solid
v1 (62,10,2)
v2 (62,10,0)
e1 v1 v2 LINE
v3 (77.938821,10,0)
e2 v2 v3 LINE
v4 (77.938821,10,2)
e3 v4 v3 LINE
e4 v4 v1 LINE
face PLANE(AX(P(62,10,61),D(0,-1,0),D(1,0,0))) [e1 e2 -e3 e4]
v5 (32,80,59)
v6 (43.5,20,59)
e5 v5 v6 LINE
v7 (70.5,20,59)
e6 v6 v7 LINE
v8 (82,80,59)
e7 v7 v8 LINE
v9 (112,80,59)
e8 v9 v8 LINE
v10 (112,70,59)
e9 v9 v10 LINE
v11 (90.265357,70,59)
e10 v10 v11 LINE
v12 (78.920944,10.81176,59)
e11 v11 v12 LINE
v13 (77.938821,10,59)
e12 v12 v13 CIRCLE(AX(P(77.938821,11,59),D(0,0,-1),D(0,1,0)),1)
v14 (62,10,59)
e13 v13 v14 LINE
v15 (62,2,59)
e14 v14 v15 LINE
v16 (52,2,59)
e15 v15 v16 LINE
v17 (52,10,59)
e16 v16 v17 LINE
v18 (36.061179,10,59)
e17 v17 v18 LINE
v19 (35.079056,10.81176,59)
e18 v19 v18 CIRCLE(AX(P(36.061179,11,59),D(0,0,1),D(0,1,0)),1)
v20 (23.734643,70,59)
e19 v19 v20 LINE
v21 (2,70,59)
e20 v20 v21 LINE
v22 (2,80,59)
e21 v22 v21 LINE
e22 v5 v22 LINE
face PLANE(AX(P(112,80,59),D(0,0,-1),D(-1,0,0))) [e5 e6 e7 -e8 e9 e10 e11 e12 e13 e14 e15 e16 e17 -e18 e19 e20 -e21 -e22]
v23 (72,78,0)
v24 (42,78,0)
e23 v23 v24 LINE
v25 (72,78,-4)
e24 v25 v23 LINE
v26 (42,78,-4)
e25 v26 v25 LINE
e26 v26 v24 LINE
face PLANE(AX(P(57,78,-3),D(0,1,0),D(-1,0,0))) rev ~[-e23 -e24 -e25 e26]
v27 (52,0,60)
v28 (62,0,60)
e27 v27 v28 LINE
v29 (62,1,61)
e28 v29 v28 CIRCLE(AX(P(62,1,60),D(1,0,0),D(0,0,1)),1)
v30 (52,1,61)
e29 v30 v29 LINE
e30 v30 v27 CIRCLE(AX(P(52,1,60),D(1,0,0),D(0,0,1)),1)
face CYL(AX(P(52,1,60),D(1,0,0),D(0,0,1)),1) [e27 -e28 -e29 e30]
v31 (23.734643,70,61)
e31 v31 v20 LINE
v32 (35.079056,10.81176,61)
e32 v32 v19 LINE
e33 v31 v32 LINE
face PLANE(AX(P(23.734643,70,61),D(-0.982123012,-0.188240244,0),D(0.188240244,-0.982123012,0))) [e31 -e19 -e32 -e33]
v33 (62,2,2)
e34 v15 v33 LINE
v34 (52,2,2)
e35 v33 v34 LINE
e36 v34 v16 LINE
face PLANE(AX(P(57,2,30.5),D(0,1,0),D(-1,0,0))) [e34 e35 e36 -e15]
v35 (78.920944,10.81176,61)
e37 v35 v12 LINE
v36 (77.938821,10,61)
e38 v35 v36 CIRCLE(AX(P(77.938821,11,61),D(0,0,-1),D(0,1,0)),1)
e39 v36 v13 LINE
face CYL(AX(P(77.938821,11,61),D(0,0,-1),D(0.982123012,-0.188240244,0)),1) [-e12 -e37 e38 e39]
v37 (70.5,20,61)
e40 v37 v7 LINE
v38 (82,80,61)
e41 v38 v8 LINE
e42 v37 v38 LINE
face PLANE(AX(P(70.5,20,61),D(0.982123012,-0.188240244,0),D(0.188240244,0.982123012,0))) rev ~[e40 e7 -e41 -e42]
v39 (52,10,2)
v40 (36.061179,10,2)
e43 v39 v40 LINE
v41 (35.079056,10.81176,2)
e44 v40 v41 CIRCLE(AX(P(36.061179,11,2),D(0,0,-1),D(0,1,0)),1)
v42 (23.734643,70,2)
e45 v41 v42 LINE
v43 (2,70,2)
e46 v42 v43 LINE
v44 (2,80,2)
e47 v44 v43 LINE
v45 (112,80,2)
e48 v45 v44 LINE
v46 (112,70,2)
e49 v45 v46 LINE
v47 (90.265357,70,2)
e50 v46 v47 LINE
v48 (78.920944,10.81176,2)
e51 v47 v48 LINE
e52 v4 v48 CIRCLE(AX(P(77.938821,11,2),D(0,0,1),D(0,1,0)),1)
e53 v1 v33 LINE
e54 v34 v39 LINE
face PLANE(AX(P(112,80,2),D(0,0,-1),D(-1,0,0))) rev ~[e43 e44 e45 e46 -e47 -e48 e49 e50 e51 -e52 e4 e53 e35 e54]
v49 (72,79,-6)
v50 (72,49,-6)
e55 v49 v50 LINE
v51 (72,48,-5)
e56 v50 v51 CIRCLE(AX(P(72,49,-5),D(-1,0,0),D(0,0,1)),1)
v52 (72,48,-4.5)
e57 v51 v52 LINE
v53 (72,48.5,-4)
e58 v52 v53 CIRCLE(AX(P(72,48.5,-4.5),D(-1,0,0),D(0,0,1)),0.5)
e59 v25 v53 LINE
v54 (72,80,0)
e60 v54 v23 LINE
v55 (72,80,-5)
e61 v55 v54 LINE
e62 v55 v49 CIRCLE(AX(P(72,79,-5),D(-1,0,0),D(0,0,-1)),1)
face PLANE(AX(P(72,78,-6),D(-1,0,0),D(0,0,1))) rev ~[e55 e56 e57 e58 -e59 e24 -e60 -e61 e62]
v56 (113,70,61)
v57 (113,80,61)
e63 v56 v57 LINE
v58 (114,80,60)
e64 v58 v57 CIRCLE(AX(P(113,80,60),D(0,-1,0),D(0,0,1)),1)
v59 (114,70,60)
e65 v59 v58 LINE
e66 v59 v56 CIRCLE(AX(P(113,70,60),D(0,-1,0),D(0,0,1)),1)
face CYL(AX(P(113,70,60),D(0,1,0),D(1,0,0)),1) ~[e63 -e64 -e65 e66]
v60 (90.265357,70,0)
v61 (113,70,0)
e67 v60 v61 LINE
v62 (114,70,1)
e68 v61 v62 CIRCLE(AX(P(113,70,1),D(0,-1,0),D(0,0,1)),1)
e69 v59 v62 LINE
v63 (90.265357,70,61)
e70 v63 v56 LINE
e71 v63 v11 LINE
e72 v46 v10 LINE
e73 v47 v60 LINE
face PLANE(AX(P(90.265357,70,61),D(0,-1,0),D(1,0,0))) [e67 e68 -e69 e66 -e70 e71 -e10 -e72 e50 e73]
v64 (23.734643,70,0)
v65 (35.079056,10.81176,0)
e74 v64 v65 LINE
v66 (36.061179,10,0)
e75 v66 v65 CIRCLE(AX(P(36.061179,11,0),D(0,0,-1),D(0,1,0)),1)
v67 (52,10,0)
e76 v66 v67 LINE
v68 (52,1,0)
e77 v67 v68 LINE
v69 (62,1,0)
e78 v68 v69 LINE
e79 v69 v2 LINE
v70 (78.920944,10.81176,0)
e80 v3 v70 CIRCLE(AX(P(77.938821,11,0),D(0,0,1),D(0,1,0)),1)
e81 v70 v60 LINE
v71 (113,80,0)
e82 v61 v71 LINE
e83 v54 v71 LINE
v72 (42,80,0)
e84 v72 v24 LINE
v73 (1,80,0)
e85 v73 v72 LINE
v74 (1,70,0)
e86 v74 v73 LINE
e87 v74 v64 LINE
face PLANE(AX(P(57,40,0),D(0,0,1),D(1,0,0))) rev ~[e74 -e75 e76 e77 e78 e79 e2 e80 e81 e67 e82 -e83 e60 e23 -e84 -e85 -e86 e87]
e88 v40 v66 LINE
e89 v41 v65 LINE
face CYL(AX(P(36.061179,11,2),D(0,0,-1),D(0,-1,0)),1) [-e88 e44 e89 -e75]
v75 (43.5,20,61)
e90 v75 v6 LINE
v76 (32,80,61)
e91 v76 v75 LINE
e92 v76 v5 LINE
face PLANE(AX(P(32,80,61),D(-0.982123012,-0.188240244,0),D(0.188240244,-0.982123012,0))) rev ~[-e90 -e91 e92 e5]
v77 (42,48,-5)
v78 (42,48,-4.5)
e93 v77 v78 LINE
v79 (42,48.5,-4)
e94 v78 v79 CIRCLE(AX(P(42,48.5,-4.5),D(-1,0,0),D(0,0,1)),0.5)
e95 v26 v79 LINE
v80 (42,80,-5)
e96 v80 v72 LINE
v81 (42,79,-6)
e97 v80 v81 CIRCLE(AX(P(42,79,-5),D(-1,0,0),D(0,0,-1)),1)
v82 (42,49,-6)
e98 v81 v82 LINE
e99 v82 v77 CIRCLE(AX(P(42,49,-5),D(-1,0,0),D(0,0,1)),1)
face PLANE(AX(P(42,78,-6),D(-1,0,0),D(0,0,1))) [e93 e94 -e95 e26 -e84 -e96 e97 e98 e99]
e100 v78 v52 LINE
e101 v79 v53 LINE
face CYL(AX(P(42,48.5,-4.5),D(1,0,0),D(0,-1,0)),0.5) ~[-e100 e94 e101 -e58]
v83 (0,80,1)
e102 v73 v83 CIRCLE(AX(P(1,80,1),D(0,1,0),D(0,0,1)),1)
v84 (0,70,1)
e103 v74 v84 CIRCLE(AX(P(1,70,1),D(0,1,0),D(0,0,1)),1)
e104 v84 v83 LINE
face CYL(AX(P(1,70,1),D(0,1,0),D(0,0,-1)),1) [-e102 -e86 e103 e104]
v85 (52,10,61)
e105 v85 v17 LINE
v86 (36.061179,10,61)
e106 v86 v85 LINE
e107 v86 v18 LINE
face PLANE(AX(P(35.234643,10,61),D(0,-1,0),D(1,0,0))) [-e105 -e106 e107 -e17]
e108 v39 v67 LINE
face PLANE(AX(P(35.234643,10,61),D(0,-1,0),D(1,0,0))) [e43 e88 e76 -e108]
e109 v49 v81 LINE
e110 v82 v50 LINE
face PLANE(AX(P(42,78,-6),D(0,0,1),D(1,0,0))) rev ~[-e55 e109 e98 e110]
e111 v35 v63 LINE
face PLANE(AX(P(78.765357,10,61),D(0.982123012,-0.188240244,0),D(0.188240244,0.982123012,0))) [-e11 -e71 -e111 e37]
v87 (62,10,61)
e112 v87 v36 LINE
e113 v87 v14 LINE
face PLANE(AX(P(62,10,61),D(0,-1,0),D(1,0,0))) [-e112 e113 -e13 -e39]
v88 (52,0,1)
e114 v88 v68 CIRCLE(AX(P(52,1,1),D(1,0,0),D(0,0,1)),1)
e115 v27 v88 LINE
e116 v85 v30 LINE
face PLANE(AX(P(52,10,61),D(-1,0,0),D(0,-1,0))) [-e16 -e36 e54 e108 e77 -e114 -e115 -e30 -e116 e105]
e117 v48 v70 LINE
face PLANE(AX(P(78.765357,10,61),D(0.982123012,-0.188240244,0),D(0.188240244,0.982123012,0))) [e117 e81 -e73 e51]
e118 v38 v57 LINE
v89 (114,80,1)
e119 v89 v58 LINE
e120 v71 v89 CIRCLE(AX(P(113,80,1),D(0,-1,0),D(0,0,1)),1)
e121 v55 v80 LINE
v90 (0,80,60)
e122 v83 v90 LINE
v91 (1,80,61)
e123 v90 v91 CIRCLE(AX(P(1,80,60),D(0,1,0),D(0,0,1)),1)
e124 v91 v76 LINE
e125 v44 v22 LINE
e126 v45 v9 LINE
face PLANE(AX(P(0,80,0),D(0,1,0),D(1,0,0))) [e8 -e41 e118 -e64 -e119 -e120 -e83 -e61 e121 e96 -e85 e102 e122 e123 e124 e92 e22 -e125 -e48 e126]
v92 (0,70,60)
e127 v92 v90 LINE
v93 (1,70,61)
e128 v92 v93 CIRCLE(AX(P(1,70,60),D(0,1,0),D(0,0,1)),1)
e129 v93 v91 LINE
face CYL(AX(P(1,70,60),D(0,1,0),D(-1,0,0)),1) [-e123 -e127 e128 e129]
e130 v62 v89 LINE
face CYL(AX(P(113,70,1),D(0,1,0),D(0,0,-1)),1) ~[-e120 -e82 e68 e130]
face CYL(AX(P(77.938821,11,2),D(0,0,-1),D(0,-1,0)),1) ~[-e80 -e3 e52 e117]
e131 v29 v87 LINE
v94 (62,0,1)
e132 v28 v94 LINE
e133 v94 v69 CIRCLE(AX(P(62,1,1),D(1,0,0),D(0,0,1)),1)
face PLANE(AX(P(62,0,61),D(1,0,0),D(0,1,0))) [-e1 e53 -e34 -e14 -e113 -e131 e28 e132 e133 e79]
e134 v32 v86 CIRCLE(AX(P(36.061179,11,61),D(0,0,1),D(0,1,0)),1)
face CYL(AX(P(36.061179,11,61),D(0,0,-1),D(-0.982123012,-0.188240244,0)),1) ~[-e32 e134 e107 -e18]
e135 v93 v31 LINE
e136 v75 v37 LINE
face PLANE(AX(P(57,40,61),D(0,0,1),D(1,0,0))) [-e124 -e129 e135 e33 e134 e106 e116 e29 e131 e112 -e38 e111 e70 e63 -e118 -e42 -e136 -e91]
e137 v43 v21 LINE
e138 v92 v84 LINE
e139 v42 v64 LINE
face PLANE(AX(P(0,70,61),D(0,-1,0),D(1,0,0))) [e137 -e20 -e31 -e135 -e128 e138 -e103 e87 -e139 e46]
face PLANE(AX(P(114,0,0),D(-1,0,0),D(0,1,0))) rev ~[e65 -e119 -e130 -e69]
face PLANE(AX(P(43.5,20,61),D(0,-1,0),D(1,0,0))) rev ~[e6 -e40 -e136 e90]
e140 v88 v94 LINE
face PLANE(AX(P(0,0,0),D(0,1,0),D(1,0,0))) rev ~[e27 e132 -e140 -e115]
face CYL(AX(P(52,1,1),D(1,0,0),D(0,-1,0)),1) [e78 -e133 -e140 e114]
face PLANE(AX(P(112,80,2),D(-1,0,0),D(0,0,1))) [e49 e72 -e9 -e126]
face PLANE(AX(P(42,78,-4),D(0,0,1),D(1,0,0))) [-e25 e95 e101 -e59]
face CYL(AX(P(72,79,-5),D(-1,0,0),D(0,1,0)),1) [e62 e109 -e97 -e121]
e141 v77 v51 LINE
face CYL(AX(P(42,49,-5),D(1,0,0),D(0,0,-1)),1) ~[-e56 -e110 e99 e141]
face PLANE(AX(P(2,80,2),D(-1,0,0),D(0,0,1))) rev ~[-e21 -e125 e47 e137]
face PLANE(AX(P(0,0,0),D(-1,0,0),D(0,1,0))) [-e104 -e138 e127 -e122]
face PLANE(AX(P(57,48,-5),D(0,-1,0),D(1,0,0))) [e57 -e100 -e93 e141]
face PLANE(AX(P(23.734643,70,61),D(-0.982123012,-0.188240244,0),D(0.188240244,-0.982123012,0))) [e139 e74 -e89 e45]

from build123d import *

# Parameters (mm, degrees)
SKETCH_W        = 114
SKETCH_H        = 80
PAD_DEPTH       = 61
SKETCH001_W     = 110
SKETCH001_H     = 57
POCKET_DEPTH    = 78
POCKET001_DEPTH = 2
POCKET002_DEPTH = 90
SKETCH004_W     = 30
SKETCH004_H     = 6
PAD001_DEPTH    = 2
SKETCH005_W     = 30
SKETCH005_H     = 2
PAD002_DEPTH    = 30
FILLET_R        = 1
FILLET001_R     = 1
FILLET002_R     = 1
FILLET003_R     = 1
FILLET004_R     = 1
FILLET005_R     = 0.5
FILLET006_R     = 1
FILLET007_R     = 1
FILLET008_R     = 1
FILLET009_R     = 1
FILLET010_R     = 1


with BuildPart() as part:
    # Sketch → Pad (new body)
    with BuildSketch(Plane.XY):
        with Locations((57, 40)):
            Rectangle(SKETCH_W, SKETCH_H)
    extrude(amount=PAD_DEPTH)

    # Sketch001 (on Face1 of Pad) → Pocket (cut)
    with BuildSketch(Plane(origin=(0, 80, 0), x_dir=(-1, 0, 0), z_dir=(0, 1, 0))):
        with Locations((-57, 30.5)):
            Rectangle(SKETCH001_W, SKETCH001_H)
    extrude(amount=-POCKET_DEPTH, mode=Mode.SUBTRACT)

    # Sketch002 (on Face4 of Pocket) → Pocket001 (cut)
    with BuildSketch(Plane.XY.offset(61)):
        Polygon((32, 80), (43.5, 20), (70.5, 20), (82, 80), align=None)
    extrude(amount=-POCKET001_DEPTH, mode=Mode.SUBTRACT)

    # Sketch003 (on Face4 of Pocket001) → Pocket002 (cut)
    with BuildSketch(Plane.XY.offset(61)):
        Polygon((0, 70), (23.734643, 70), (35.234643, 10), (52, 10), (52, 0), (0, 0), align=None)
        Polygon((78.765357, 10), (90.265357, 70), (114, 70), (114, 0), (62, 0), (62, 10), align=None)
    extrude(amount=-POCKET002_DEPTH, mode=Mode.SUBTRACT)

    # Sketch004 (on Face1 of Pocket002) → Pad001 (join)
    with BuildSketch(Plane(origin=(0, 80, 0), x_dir=(-1, 0, 0), z_dir=(0, 1, 0))):
        with Locations((-57, -3)):
            Rectangle(SKETCH004_W, SKETCH004_H)
    extrude(amount=-PAD001_DEPTH)

    # Sketch005 (on Face23 of Pad001) → Pad002 (join)
    with BuildSketch(Plane.XZ.offset(-78)):
        with Locations((57, -5)):
            Rectangle(SKETCH005_W, SKETCH005_H)
    extrude(amount=PAD002_DEPTH)

    # Fillet
    fillet_edges = [part.edges().sort_by_distance(p)[0] for p in [
        (78.765357, 10, 1),
    ]]
    fillet(fillet_edges, radius=FILLET_R)

    # Fillet001
    fillet001_edges = [part.edges().sort_by_distance(p)[0] for p in [
        (114, 75, 0),
    ]]
    fillet(fillet001_edges, radius=FILLET001_R)

    # Fillet002
    fillet002_edges = [part.edges().sort_by_distance(p)[0] for p in [
        (114, 75, 61),
    ]]
    fillet(fillet002_edges, radius=FILLET002_R)

    # Fillet003
    fillet003_edges = [part.edges().sort_by_distance(p)[0] for p in [
        (57, 80, -6),
    ]]
    fillet(fillet003_edges, radius=FILLET003_R)

    # Fillet004
    fillet004_edges = [part.edges().sort_by_distance(p)[0] for p in [
        (57, 48, -6),
    ]]
    fillet(fillet004_edges, radius=FILLET004_R)

    # Fillet005
    fillet005_edges = [part.edges().sort_by_distance(p)[0] for p in [
        (57, 48, -4),
    ]]
    fillet(fillet005_edges, radius=FILLET005_R)

    # Fillet006
    fillet006_edges = [part.edges().sort_by_distance(p)[0] for p in [
        (0, 75, 0),
    ]]
    fillet(fillet006_edges, radius=FILLET006_R)

    # Fillet007
    fillet007_edges = [part.edges().sort_by_distance(p)[0] for p in [
        (0, 75, 61),
    ]]
    fillet(fillet007_edges, radius=FILLET007_R)

    # Fillet008
    fillet008_edges = [part.edges().sort_by_distance(p)[0] for p in [
        (78.765357, 10, 60),
        (35.234643, 10, 60),
    ]]
    fillet(fillet008_edges, radius=FILLET008_R)

    # Fillet009
    fillet009_edges = [part.edges().sort_by_distance(p)[0] for p in [
        (57, 0, 61),
        (57, 0, 0),
    ]]
    fillet(fillet009_edges, radius=FILLET009_R)

    # Fillet010
    fillet010_edges = [part.edges().sort_by_distance(p)[0] for p in [
        (35.234643, 10, 1),
    ]]
    fillet(fillet010_edges, radius=FILLET010_R)


solid = part.part
